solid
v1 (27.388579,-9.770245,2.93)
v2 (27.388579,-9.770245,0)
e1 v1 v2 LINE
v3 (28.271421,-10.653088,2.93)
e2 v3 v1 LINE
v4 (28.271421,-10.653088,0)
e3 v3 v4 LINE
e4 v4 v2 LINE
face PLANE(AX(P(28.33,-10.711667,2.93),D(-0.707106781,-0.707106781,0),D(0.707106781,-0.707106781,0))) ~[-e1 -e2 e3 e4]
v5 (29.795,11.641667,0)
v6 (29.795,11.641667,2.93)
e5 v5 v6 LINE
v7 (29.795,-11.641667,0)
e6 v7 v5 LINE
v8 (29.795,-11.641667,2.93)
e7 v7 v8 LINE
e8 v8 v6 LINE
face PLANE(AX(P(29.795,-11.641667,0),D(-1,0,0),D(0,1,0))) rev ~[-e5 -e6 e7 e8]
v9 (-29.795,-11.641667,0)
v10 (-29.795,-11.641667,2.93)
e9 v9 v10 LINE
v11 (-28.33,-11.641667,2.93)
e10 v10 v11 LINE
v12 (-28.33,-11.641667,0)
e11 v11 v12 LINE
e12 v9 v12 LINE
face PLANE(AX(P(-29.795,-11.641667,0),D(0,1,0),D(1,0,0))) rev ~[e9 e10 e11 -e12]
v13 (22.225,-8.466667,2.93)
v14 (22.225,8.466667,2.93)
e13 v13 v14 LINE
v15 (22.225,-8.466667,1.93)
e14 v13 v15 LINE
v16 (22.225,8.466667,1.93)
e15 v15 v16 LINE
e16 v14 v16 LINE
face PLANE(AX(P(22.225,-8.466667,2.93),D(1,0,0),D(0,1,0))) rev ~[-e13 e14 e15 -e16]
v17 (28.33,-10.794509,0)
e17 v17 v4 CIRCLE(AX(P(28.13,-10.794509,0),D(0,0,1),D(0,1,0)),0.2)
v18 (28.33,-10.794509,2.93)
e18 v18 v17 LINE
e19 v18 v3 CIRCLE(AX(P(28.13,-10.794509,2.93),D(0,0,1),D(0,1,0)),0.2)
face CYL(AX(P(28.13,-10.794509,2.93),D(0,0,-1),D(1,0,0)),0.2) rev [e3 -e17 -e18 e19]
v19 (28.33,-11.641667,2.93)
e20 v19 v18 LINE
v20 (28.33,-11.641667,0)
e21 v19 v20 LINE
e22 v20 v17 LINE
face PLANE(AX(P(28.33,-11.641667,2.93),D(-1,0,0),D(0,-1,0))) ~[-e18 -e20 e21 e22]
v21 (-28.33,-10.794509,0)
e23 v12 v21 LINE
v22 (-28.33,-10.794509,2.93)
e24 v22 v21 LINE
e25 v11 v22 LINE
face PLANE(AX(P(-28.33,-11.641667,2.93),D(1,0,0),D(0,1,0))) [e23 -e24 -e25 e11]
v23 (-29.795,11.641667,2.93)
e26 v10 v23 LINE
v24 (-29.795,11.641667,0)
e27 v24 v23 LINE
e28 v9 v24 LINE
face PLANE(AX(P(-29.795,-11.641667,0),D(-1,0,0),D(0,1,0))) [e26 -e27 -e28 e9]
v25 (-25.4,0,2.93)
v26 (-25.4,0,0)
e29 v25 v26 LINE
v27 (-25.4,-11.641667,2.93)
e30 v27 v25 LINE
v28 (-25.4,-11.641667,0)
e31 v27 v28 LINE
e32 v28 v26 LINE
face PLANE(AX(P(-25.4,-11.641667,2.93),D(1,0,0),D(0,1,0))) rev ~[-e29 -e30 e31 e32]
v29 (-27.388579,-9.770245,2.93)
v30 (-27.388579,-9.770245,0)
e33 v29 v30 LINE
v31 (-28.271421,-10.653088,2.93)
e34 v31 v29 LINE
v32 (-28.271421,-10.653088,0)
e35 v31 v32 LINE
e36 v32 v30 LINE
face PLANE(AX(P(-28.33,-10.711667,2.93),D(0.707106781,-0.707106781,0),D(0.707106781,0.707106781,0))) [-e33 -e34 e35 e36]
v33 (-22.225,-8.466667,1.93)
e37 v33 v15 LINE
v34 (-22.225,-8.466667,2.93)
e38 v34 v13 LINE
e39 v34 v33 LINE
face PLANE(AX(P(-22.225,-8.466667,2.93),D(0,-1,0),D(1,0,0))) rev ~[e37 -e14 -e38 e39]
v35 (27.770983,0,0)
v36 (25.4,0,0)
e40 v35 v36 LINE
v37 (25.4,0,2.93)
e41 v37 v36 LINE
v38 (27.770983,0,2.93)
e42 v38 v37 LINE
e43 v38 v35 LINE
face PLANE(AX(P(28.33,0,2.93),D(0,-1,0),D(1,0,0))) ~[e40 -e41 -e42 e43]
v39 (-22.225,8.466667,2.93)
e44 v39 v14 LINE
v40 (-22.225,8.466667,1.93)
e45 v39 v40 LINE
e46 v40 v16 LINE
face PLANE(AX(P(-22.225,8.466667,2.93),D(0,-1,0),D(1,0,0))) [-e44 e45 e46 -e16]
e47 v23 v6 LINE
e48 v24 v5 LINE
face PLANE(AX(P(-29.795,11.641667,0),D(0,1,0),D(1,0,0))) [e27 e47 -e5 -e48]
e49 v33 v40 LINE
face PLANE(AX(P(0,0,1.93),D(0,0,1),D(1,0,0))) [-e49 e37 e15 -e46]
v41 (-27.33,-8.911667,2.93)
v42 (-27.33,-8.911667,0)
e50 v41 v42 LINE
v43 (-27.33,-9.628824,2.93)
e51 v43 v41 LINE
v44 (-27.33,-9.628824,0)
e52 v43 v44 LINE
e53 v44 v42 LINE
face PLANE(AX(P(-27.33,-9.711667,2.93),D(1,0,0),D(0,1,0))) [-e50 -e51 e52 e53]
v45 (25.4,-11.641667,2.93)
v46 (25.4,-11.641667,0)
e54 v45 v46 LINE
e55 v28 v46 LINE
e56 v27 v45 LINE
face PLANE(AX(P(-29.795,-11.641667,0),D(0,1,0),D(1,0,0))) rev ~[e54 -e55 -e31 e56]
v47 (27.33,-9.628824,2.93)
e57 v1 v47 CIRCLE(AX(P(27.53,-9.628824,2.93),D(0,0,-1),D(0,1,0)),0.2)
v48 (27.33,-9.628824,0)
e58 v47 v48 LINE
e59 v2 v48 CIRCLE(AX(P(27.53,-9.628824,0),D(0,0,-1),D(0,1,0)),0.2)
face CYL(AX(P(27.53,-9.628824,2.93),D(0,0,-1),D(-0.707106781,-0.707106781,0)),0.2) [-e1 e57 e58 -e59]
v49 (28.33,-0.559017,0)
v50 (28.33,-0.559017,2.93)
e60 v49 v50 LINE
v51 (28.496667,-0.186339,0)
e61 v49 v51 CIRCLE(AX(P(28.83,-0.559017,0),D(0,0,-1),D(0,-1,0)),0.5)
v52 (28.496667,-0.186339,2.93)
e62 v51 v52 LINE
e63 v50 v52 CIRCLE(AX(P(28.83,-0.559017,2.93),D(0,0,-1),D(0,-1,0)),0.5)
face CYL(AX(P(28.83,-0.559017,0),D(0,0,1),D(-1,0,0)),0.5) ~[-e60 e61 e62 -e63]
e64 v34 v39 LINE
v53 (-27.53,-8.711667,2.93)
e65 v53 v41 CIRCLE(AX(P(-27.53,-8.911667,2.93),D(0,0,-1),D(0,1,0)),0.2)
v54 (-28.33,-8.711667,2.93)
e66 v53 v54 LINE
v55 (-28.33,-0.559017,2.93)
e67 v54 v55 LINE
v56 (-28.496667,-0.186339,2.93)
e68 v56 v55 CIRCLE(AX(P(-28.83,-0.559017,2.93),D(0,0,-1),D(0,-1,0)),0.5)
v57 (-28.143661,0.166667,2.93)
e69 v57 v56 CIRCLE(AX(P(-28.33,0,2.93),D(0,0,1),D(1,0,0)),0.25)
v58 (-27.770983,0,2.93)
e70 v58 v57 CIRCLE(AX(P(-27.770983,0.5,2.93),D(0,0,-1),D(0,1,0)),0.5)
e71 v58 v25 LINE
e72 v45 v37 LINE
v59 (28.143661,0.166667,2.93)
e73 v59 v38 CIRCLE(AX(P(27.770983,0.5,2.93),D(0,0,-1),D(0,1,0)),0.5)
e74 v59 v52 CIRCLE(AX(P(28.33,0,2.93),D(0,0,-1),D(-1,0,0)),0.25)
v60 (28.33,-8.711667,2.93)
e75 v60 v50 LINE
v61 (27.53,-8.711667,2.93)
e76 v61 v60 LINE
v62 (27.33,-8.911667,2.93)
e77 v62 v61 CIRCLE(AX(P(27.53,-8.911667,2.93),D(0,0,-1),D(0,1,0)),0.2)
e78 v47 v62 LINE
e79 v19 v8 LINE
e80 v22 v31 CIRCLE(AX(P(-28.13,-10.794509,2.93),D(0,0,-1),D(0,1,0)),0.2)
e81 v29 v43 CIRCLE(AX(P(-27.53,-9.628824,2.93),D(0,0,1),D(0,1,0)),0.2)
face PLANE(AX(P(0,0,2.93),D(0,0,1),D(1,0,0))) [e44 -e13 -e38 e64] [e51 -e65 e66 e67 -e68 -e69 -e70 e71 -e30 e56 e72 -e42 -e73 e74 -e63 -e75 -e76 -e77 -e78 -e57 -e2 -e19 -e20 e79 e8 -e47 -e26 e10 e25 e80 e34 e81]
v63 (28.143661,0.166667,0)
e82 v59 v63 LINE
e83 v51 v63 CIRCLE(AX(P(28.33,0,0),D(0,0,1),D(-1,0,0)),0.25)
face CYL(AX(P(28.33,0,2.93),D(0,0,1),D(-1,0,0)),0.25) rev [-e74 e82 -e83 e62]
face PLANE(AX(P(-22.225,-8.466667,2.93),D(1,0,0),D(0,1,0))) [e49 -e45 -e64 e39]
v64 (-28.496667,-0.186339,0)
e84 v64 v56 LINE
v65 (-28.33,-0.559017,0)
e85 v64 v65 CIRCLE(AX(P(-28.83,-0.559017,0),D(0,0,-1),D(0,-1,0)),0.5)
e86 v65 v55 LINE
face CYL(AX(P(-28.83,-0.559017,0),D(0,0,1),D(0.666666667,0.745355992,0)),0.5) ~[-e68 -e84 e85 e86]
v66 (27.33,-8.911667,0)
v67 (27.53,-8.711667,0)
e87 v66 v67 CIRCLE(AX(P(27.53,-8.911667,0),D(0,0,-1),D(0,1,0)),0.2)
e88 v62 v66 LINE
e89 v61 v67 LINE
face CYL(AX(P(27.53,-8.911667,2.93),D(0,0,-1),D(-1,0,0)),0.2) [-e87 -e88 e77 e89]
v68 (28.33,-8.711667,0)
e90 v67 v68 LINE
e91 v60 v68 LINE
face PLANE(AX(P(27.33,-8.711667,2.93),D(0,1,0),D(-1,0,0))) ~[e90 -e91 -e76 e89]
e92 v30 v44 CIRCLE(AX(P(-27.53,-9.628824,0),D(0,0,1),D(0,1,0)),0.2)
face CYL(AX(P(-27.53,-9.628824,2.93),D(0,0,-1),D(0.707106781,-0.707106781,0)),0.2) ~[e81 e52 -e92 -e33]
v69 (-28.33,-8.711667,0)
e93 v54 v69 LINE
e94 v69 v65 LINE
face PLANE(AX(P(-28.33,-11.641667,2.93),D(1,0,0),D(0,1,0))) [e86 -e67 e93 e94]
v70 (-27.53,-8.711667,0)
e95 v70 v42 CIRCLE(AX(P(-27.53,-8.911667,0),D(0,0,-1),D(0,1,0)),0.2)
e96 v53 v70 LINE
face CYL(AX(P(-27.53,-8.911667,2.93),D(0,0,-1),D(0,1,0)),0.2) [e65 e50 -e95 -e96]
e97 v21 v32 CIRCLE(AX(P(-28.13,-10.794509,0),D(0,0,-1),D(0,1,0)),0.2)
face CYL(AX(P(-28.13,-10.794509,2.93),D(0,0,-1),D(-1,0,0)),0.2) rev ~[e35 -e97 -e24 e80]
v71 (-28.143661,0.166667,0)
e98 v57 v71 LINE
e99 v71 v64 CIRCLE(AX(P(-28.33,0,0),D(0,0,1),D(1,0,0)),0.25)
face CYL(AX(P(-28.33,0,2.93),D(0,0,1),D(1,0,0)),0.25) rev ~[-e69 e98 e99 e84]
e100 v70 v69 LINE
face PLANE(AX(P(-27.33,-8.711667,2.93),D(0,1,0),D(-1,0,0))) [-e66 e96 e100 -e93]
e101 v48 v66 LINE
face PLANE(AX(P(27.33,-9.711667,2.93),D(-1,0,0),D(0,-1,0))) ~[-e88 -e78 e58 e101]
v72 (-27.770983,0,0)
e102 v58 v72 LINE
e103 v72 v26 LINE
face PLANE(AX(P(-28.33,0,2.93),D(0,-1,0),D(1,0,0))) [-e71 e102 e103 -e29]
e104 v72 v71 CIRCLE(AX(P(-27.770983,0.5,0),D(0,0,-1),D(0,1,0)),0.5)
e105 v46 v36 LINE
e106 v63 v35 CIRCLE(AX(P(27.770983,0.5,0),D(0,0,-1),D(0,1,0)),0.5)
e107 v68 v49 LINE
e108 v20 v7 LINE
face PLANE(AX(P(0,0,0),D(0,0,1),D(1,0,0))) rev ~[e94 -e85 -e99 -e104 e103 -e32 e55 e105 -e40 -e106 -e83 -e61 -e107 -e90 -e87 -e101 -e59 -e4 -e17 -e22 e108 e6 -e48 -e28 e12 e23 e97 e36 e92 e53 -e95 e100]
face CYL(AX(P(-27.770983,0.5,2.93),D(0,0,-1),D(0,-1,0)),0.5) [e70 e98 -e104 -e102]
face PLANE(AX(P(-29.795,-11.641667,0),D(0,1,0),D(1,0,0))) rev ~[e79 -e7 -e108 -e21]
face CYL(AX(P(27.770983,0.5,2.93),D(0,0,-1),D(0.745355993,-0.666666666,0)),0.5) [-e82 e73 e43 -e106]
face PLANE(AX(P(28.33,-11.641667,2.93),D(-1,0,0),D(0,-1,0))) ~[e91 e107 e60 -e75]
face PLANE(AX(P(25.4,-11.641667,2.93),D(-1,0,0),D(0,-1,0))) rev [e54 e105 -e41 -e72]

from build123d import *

# Parameters (mm, degrees)
SKETCH1_W            = 59.589999946
SKETCH1_H            = 23.283333334
BOSS_EXTRUDE1_DEPTH  = 2.929999982
SKETCH2_W            = 2.929999982
SKETCH2_H            = 11.641666667
CUT_EXTRUDE1_DEPTH   = 3.929999982
BOSS_EXTRUDE3_DEPTH  = 2.93
FILLET1_R            = 0.2
SKETCH5_R            = 0.25
CUT_EXTRUDE3_DEPTH   = 3.93
FILLET2_R            = 0.5
FILLET1_OF_MIRROR1_R = 0.2
FILLET2_OF_MIRROR1_R = 0.5
SKETCH3_W            = 44.45
SKETCH3_H            = 16.933333334
CUT_EXTRUDE2_DEPTH   = 1


with BuildPart() as part:
    # Sketch1 → Boss-Extrude1 (new body)
    with BuildSketch(Plane.XY):
        Rectangle(SKETCH1_W, SKETCH1_H)
    extrude(amount=BOSS_EXTRUDE1_DEPTH)

    # Sketch2 → Cut-Extrude1 (cut, through all)
    with BuildSketch(Plane.XY.offset(2.929999982)):
        with Locations((-26.864999991, -5.820833334)):
            Rectangle(SKETCH2_W, SKETCH2_H)
    cut_extrude1 = extrude(amount=-CUT_EXTRUDE1_DEPTH, mode=Mode.SUBTRACT)

    # Sketch4 → Boss-Extrude3 (add)
    with BuildSketch(Plane.XY.offset(2.929999982)):
        Polygon((-27.329999982, -8.711666685), (-28.329999982, -8.711666685), (-28.329999982, -10.711666685), (-27.329999982, -9.711666685), align=None)
    boss_extrude3 = extrude(amount=-BOSS_EXTRUDE3_DEPTH)

    # Fillet1
    fillet1_edges = [part.edges().sort_by_distance(p)[0] for p in [
        (-27.329999982, -8.711666685, 1.464999982),
        (-28.329999982, -10.711666685, 1.464999982),
        (-27.329999982, -9.711666685, 1.464999982),
    ]]
    fillet(fillet1_edges, radius=FILLET1_R)

    # Sketch5 → Cut-Extrude3 (cut, through all)
    with BuildSketch(Plane.XY.offset(2.929999982)):
        with Locations((-28.329999982, 0)):
            Circle(SKETCH5_R)
    cut_extrude3 = extrude(amount=-CUT_EXTRUDE3_DEPTH, mode=Mode.SUBTRACT)

    # Fillet2
    fillet2_edges = [part.edges().sort_by_distance(p)[0] for p in [
        (-28.079999982, 0, 1.464999991),
        (-28.329999982, -0.25, 1.464999991),
    ]]
    fillet(fillet2_edges, radius=FILLET2_R)

    # Mirror1: Cut-Extrude1, Boss-Extrude3, Cut-Extrude3 across plane
    add(cut_extrude1.mirror(Plane(origin=(0, 0, 0), x_dir=(0, 0, 1), z_dir=(1, 0, 0))), mode=Mode.SUBTRACT)
    add(boss_extrude3.mirror(Plane(origin=(0, 0, 0), x_dir=(0, 0, 1), z_dir=(1, 0, 0))))
    add(cut_extrude3.mirror(Plane(origin=(0, 0, 0), x_dir=(0, 0, 1), z_dir=(1, 0, 0))), mode=Mode.SUBTRACT)

    # Fillet1 of Mirror1
    fillet1_of_mirror1_edges = [part.edges().sort_by_distance(p)[0] for p in [
        (27.329999982, -8.711666685, 1.464999982),
        (28.329999982, -10.711666685, 1.464999982),
        (27.329999982, -9.711666685, 1.464999982),
    ]]
    fillet(fillet1_of_mirror1_edges, radius=FILLET1_OF_MIRROR1_R)

    # Fillet2 of Mirror1
    fillet2_of_mirror1_edges = [part.edges().sort_by_distance(p)[0] for p in [
        (28.079999982, 0, 1.464999991),
        (28.329999982, -0.25, 1.464999991),
    ]]
    fillet(fillet2_of_mirror1_edges, radius=FILLET2_OF_MIRROR1_R)

    # Sketch3 → Cut-Extrude2 (cut)
    with BuildSketch(Plane.XY.offset(2.929999982)):
        Rectangle(SKETCH3_W, SKETCH3_H)
    extrude(amount=-CUT_EXTRUDE2_DEPTH, mode=Mode.SUBTRACT)


solid = part.part
